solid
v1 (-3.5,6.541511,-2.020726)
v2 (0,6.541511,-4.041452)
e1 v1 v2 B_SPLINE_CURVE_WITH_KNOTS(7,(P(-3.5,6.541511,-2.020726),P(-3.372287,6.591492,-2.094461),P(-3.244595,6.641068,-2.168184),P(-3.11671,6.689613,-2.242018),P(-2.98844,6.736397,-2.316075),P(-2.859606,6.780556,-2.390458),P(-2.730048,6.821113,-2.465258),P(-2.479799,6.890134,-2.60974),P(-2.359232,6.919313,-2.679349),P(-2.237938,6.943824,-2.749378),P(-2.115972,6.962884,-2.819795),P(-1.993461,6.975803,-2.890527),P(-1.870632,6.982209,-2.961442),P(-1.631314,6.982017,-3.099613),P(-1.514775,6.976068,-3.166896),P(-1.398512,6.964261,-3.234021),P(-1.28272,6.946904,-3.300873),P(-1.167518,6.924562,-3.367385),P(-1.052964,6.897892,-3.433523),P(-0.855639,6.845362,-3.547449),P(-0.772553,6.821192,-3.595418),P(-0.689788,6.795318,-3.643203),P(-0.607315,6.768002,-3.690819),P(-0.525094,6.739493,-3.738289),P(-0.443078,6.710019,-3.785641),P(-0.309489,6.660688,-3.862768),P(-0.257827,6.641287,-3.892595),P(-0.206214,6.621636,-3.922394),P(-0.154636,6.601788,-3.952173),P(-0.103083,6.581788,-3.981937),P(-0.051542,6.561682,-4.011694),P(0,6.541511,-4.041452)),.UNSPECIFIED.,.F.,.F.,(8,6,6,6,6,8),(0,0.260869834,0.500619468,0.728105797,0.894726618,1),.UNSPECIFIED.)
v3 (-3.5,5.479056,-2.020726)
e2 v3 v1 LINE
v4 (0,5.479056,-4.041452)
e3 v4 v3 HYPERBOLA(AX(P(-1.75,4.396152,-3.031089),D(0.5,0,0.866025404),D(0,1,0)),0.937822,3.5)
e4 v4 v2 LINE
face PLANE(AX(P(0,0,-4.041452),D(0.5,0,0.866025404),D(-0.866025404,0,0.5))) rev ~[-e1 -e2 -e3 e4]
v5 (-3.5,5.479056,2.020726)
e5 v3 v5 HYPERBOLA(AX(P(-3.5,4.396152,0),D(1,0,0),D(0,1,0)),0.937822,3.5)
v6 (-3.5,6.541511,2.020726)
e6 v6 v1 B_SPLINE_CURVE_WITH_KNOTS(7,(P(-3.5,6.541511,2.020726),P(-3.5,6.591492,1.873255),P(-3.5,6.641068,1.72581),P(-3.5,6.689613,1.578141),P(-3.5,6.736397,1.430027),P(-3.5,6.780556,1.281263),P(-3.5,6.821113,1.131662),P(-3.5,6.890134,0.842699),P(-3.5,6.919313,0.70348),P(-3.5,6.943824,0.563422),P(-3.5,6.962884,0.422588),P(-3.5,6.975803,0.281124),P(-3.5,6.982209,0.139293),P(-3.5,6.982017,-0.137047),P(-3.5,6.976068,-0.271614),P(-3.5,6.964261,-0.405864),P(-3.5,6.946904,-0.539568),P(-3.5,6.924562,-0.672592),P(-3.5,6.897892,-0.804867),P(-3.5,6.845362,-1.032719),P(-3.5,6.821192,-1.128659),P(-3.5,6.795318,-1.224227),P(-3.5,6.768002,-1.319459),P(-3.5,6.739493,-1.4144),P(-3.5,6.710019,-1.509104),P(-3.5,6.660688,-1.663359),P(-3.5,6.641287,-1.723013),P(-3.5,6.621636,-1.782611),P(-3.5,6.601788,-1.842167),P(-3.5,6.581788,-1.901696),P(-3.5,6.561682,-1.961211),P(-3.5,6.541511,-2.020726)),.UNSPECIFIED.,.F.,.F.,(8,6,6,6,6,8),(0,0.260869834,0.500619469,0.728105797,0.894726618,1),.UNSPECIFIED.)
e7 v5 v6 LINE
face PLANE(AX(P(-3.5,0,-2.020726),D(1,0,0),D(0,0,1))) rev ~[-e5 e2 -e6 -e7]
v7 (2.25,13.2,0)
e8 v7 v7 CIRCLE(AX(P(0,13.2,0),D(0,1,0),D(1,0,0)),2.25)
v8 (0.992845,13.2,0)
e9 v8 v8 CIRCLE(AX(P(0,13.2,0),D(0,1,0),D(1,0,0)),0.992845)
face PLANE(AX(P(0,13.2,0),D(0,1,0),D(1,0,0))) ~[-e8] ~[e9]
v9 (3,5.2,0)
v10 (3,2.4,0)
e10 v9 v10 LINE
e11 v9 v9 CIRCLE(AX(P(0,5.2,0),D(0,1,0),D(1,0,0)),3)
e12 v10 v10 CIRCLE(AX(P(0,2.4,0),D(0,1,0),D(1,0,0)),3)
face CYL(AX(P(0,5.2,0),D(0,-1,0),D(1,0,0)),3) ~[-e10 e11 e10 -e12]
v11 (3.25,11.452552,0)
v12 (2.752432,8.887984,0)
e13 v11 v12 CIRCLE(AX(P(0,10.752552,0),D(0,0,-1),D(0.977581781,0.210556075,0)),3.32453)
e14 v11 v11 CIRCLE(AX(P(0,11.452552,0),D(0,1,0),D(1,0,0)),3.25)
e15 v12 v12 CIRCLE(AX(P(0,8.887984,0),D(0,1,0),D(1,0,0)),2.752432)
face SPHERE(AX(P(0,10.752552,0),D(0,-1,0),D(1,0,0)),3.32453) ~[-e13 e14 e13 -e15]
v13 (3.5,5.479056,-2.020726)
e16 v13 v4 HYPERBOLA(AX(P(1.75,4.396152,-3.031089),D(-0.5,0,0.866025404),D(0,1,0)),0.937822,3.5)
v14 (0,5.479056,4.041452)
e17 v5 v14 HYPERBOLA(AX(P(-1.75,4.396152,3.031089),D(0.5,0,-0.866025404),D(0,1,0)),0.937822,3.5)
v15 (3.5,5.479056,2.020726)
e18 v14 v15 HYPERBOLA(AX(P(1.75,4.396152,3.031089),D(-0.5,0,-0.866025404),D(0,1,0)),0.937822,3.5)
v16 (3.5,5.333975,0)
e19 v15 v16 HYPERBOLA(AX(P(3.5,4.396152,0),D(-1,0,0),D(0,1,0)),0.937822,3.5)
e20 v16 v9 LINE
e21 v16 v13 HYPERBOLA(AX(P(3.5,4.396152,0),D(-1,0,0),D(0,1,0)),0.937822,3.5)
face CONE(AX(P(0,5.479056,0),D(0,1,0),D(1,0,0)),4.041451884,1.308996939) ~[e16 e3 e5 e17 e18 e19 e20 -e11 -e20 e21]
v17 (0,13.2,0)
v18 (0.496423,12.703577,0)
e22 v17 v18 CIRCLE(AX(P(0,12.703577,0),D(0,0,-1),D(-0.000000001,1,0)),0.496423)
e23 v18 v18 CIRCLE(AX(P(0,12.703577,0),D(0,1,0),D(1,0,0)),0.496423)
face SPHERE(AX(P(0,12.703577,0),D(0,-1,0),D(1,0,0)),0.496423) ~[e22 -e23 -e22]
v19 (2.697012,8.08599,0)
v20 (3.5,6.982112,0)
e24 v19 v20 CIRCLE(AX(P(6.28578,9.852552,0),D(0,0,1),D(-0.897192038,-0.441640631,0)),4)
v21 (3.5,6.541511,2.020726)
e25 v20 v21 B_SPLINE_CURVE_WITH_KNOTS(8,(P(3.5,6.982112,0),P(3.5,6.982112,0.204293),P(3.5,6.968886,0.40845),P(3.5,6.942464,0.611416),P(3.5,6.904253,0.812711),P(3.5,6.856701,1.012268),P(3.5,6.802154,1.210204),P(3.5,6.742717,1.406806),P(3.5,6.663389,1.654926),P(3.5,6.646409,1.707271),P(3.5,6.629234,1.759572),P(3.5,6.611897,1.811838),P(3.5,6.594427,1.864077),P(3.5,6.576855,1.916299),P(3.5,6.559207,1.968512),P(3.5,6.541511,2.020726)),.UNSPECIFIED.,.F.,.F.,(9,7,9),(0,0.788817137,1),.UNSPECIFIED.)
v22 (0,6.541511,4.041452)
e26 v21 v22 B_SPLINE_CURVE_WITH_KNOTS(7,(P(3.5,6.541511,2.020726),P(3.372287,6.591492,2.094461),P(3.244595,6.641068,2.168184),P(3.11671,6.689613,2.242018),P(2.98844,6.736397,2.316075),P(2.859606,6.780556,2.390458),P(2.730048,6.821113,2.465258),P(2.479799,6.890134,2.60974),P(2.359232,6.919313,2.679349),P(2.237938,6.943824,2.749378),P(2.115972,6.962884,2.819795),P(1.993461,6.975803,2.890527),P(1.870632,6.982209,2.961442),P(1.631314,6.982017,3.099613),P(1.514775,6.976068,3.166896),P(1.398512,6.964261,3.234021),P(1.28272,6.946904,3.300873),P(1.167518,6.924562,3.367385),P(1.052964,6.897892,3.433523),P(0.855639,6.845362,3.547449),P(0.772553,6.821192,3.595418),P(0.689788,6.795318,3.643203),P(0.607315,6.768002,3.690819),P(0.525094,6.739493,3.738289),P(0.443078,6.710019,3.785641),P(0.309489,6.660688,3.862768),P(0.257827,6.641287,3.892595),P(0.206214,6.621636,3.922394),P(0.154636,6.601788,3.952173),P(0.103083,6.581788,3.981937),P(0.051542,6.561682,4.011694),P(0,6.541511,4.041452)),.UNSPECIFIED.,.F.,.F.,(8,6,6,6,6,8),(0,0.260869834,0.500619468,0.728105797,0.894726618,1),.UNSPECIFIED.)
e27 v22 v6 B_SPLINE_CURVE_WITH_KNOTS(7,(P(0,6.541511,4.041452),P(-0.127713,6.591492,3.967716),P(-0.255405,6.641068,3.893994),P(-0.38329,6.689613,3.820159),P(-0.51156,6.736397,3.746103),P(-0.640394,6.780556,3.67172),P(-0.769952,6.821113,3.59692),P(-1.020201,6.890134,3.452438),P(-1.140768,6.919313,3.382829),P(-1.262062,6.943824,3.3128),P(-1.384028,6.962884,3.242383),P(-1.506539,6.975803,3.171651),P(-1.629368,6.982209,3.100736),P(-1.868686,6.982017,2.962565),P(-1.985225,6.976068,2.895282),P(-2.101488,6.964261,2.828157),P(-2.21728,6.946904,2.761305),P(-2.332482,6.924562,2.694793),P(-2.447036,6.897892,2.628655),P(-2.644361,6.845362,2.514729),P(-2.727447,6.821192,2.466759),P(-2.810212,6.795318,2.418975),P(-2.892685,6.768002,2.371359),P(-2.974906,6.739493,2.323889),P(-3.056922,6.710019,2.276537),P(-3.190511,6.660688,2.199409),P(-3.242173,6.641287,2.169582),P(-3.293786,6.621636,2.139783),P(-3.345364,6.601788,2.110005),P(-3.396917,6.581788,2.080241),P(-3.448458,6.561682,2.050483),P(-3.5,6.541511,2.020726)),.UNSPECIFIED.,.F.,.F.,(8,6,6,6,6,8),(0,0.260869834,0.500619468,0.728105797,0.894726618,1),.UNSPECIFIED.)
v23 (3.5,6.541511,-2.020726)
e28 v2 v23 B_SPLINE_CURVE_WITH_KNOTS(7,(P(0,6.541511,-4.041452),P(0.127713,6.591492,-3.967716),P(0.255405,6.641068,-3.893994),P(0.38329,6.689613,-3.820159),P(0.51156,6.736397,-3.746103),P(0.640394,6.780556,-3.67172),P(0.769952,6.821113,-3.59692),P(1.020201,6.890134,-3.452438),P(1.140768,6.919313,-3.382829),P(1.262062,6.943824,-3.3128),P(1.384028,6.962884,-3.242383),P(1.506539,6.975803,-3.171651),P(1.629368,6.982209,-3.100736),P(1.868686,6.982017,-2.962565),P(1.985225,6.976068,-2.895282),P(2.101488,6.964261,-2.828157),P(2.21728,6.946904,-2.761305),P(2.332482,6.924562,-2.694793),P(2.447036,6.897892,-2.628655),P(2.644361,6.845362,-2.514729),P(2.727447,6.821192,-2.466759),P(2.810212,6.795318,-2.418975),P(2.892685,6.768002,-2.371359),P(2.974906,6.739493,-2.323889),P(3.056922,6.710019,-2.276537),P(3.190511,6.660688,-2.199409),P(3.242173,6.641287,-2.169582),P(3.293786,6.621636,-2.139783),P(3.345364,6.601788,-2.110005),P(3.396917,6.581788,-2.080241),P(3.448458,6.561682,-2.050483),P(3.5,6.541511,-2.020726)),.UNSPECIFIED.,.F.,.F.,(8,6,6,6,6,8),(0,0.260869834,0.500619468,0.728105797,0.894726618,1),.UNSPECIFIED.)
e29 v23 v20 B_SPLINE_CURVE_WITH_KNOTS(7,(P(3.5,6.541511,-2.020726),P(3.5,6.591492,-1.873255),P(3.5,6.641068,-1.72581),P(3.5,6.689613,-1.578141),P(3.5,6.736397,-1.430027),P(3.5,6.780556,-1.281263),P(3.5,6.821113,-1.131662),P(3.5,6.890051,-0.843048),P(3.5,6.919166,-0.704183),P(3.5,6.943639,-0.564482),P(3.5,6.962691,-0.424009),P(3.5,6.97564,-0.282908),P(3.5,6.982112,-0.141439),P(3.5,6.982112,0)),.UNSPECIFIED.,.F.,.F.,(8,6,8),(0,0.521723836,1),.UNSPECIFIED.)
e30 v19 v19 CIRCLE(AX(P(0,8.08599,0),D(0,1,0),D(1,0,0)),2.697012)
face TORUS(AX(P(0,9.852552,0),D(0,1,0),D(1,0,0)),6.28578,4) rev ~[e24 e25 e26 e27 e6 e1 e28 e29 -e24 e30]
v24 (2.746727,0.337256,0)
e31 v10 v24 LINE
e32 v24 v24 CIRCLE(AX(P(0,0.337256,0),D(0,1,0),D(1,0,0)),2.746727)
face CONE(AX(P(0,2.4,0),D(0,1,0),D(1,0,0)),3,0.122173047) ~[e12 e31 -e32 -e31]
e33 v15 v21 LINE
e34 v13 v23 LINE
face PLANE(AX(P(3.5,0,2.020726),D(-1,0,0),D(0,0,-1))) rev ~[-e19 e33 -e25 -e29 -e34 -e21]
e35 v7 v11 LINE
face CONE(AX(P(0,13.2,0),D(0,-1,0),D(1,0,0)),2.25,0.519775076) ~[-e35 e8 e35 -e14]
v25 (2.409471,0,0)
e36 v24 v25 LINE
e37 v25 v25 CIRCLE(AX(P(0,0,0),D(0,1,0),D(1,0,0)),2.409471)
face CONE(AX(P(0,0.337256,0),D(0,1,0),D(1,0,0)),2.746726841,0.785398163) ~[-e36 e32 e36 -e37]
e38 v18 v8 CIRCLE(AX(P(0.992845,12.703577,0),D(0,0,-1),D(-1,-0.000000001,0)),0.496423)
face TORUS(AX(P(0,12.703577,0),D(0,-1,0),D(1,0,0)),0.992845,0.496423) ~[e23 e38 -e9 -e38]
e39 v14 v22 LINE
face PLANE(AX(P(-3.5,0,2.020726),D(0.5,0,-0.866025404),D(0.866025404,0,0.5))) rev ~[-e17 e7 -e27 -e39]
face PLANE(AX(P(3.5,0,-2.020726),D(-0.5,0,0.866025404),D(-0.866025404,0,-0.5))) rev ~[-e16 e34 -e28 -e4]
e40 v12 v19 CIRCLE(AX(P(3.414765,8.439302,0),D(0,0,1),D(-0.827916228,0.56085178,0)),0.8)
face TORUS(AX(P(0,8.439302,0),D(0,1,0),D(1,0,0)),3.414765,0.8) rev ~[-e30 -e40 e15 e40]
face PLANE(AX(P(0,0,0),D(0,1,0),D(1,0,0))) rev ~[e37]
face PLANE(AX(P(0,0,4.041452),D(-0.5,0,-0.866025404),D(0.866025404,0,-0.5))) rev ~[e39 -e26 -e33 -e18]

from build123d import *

# Parameters (mm, degrees)
SKETCH4_OUTSIDE_W = 13.574
SKETCH4_OUTSIDE_H = 13.574
CUT_KEY_DEPTH     = 14.2


with BuildPart() as part:
    # Sketch6 → body (revolve)
    with BuildSketch(Plane.XY):
        with BuildLine():
            Line((0.992845254, 13.2), (2.25, 13.2))
            Line((2.25, 13.2), (3.25, 11.45255235))
            ThreePointArc((3.25, 11.45255235), (3.263671492, 10.119347494), (2.752432371, 8.887983756))
            ThreePointArc((2.752432371, 8.887983756), (2.616668661, 8.494453666), (2.697011723, 8.085989826))
            ThreePointArc((2.697011723, 8.085989826), (3.268727336, 7.226263337), (4.041451884, 6.541511445))
            Line((4.041451884, 6.541511445), (4.041451884, 5.479056191))
            Line((4.041451884, 5.479056191), (3, 5.2))
            Line((3, 5.2), (3, 2.4))
            Line((3, 2.4), (2.746726841, 0.337255649))
            Line((2.746726841, 0.337255649), (2.409471192, 0))
            Line((2.409471192, 0), (0, 0))
            Line((0, 0), (0, 13.2))
            ThreePointArc((0, 13.2), (0.351023806, 13.054601179), (0.496422627, 12.703577373))
            ThreePointArc((0.496422627, 12.703577373), (0.641821448, 13.054601179), (0.992845254, 13.2))
        make_face()
    revolve(axis=Axis((0, 0, 0), (0, 1, 0)))

    # Sketch4 outside → cut-key (cut, through all)
    with BuildSketch(Plane(origin=(0, 0, 0), x_dir=(1, 0, 0), z_dir=(0, 1, 0))):
        Rectangle(SKETCH4_OUTSIDE_W, SKETCH4_OUTSIDE_H)
        Polygon((3.5, -2.020725942), (3.5, 2.020725942), (0, 4.041451884), (-3.5, 2.020725942), (-3.5, -2.020725942), (0, -4.041451884), align=None, mode=Mode.SUBTRACT)
    extrude(amount=CUT_KEY_DEPTH, mode=Mode.SUBTRACT)


solid = part.part
